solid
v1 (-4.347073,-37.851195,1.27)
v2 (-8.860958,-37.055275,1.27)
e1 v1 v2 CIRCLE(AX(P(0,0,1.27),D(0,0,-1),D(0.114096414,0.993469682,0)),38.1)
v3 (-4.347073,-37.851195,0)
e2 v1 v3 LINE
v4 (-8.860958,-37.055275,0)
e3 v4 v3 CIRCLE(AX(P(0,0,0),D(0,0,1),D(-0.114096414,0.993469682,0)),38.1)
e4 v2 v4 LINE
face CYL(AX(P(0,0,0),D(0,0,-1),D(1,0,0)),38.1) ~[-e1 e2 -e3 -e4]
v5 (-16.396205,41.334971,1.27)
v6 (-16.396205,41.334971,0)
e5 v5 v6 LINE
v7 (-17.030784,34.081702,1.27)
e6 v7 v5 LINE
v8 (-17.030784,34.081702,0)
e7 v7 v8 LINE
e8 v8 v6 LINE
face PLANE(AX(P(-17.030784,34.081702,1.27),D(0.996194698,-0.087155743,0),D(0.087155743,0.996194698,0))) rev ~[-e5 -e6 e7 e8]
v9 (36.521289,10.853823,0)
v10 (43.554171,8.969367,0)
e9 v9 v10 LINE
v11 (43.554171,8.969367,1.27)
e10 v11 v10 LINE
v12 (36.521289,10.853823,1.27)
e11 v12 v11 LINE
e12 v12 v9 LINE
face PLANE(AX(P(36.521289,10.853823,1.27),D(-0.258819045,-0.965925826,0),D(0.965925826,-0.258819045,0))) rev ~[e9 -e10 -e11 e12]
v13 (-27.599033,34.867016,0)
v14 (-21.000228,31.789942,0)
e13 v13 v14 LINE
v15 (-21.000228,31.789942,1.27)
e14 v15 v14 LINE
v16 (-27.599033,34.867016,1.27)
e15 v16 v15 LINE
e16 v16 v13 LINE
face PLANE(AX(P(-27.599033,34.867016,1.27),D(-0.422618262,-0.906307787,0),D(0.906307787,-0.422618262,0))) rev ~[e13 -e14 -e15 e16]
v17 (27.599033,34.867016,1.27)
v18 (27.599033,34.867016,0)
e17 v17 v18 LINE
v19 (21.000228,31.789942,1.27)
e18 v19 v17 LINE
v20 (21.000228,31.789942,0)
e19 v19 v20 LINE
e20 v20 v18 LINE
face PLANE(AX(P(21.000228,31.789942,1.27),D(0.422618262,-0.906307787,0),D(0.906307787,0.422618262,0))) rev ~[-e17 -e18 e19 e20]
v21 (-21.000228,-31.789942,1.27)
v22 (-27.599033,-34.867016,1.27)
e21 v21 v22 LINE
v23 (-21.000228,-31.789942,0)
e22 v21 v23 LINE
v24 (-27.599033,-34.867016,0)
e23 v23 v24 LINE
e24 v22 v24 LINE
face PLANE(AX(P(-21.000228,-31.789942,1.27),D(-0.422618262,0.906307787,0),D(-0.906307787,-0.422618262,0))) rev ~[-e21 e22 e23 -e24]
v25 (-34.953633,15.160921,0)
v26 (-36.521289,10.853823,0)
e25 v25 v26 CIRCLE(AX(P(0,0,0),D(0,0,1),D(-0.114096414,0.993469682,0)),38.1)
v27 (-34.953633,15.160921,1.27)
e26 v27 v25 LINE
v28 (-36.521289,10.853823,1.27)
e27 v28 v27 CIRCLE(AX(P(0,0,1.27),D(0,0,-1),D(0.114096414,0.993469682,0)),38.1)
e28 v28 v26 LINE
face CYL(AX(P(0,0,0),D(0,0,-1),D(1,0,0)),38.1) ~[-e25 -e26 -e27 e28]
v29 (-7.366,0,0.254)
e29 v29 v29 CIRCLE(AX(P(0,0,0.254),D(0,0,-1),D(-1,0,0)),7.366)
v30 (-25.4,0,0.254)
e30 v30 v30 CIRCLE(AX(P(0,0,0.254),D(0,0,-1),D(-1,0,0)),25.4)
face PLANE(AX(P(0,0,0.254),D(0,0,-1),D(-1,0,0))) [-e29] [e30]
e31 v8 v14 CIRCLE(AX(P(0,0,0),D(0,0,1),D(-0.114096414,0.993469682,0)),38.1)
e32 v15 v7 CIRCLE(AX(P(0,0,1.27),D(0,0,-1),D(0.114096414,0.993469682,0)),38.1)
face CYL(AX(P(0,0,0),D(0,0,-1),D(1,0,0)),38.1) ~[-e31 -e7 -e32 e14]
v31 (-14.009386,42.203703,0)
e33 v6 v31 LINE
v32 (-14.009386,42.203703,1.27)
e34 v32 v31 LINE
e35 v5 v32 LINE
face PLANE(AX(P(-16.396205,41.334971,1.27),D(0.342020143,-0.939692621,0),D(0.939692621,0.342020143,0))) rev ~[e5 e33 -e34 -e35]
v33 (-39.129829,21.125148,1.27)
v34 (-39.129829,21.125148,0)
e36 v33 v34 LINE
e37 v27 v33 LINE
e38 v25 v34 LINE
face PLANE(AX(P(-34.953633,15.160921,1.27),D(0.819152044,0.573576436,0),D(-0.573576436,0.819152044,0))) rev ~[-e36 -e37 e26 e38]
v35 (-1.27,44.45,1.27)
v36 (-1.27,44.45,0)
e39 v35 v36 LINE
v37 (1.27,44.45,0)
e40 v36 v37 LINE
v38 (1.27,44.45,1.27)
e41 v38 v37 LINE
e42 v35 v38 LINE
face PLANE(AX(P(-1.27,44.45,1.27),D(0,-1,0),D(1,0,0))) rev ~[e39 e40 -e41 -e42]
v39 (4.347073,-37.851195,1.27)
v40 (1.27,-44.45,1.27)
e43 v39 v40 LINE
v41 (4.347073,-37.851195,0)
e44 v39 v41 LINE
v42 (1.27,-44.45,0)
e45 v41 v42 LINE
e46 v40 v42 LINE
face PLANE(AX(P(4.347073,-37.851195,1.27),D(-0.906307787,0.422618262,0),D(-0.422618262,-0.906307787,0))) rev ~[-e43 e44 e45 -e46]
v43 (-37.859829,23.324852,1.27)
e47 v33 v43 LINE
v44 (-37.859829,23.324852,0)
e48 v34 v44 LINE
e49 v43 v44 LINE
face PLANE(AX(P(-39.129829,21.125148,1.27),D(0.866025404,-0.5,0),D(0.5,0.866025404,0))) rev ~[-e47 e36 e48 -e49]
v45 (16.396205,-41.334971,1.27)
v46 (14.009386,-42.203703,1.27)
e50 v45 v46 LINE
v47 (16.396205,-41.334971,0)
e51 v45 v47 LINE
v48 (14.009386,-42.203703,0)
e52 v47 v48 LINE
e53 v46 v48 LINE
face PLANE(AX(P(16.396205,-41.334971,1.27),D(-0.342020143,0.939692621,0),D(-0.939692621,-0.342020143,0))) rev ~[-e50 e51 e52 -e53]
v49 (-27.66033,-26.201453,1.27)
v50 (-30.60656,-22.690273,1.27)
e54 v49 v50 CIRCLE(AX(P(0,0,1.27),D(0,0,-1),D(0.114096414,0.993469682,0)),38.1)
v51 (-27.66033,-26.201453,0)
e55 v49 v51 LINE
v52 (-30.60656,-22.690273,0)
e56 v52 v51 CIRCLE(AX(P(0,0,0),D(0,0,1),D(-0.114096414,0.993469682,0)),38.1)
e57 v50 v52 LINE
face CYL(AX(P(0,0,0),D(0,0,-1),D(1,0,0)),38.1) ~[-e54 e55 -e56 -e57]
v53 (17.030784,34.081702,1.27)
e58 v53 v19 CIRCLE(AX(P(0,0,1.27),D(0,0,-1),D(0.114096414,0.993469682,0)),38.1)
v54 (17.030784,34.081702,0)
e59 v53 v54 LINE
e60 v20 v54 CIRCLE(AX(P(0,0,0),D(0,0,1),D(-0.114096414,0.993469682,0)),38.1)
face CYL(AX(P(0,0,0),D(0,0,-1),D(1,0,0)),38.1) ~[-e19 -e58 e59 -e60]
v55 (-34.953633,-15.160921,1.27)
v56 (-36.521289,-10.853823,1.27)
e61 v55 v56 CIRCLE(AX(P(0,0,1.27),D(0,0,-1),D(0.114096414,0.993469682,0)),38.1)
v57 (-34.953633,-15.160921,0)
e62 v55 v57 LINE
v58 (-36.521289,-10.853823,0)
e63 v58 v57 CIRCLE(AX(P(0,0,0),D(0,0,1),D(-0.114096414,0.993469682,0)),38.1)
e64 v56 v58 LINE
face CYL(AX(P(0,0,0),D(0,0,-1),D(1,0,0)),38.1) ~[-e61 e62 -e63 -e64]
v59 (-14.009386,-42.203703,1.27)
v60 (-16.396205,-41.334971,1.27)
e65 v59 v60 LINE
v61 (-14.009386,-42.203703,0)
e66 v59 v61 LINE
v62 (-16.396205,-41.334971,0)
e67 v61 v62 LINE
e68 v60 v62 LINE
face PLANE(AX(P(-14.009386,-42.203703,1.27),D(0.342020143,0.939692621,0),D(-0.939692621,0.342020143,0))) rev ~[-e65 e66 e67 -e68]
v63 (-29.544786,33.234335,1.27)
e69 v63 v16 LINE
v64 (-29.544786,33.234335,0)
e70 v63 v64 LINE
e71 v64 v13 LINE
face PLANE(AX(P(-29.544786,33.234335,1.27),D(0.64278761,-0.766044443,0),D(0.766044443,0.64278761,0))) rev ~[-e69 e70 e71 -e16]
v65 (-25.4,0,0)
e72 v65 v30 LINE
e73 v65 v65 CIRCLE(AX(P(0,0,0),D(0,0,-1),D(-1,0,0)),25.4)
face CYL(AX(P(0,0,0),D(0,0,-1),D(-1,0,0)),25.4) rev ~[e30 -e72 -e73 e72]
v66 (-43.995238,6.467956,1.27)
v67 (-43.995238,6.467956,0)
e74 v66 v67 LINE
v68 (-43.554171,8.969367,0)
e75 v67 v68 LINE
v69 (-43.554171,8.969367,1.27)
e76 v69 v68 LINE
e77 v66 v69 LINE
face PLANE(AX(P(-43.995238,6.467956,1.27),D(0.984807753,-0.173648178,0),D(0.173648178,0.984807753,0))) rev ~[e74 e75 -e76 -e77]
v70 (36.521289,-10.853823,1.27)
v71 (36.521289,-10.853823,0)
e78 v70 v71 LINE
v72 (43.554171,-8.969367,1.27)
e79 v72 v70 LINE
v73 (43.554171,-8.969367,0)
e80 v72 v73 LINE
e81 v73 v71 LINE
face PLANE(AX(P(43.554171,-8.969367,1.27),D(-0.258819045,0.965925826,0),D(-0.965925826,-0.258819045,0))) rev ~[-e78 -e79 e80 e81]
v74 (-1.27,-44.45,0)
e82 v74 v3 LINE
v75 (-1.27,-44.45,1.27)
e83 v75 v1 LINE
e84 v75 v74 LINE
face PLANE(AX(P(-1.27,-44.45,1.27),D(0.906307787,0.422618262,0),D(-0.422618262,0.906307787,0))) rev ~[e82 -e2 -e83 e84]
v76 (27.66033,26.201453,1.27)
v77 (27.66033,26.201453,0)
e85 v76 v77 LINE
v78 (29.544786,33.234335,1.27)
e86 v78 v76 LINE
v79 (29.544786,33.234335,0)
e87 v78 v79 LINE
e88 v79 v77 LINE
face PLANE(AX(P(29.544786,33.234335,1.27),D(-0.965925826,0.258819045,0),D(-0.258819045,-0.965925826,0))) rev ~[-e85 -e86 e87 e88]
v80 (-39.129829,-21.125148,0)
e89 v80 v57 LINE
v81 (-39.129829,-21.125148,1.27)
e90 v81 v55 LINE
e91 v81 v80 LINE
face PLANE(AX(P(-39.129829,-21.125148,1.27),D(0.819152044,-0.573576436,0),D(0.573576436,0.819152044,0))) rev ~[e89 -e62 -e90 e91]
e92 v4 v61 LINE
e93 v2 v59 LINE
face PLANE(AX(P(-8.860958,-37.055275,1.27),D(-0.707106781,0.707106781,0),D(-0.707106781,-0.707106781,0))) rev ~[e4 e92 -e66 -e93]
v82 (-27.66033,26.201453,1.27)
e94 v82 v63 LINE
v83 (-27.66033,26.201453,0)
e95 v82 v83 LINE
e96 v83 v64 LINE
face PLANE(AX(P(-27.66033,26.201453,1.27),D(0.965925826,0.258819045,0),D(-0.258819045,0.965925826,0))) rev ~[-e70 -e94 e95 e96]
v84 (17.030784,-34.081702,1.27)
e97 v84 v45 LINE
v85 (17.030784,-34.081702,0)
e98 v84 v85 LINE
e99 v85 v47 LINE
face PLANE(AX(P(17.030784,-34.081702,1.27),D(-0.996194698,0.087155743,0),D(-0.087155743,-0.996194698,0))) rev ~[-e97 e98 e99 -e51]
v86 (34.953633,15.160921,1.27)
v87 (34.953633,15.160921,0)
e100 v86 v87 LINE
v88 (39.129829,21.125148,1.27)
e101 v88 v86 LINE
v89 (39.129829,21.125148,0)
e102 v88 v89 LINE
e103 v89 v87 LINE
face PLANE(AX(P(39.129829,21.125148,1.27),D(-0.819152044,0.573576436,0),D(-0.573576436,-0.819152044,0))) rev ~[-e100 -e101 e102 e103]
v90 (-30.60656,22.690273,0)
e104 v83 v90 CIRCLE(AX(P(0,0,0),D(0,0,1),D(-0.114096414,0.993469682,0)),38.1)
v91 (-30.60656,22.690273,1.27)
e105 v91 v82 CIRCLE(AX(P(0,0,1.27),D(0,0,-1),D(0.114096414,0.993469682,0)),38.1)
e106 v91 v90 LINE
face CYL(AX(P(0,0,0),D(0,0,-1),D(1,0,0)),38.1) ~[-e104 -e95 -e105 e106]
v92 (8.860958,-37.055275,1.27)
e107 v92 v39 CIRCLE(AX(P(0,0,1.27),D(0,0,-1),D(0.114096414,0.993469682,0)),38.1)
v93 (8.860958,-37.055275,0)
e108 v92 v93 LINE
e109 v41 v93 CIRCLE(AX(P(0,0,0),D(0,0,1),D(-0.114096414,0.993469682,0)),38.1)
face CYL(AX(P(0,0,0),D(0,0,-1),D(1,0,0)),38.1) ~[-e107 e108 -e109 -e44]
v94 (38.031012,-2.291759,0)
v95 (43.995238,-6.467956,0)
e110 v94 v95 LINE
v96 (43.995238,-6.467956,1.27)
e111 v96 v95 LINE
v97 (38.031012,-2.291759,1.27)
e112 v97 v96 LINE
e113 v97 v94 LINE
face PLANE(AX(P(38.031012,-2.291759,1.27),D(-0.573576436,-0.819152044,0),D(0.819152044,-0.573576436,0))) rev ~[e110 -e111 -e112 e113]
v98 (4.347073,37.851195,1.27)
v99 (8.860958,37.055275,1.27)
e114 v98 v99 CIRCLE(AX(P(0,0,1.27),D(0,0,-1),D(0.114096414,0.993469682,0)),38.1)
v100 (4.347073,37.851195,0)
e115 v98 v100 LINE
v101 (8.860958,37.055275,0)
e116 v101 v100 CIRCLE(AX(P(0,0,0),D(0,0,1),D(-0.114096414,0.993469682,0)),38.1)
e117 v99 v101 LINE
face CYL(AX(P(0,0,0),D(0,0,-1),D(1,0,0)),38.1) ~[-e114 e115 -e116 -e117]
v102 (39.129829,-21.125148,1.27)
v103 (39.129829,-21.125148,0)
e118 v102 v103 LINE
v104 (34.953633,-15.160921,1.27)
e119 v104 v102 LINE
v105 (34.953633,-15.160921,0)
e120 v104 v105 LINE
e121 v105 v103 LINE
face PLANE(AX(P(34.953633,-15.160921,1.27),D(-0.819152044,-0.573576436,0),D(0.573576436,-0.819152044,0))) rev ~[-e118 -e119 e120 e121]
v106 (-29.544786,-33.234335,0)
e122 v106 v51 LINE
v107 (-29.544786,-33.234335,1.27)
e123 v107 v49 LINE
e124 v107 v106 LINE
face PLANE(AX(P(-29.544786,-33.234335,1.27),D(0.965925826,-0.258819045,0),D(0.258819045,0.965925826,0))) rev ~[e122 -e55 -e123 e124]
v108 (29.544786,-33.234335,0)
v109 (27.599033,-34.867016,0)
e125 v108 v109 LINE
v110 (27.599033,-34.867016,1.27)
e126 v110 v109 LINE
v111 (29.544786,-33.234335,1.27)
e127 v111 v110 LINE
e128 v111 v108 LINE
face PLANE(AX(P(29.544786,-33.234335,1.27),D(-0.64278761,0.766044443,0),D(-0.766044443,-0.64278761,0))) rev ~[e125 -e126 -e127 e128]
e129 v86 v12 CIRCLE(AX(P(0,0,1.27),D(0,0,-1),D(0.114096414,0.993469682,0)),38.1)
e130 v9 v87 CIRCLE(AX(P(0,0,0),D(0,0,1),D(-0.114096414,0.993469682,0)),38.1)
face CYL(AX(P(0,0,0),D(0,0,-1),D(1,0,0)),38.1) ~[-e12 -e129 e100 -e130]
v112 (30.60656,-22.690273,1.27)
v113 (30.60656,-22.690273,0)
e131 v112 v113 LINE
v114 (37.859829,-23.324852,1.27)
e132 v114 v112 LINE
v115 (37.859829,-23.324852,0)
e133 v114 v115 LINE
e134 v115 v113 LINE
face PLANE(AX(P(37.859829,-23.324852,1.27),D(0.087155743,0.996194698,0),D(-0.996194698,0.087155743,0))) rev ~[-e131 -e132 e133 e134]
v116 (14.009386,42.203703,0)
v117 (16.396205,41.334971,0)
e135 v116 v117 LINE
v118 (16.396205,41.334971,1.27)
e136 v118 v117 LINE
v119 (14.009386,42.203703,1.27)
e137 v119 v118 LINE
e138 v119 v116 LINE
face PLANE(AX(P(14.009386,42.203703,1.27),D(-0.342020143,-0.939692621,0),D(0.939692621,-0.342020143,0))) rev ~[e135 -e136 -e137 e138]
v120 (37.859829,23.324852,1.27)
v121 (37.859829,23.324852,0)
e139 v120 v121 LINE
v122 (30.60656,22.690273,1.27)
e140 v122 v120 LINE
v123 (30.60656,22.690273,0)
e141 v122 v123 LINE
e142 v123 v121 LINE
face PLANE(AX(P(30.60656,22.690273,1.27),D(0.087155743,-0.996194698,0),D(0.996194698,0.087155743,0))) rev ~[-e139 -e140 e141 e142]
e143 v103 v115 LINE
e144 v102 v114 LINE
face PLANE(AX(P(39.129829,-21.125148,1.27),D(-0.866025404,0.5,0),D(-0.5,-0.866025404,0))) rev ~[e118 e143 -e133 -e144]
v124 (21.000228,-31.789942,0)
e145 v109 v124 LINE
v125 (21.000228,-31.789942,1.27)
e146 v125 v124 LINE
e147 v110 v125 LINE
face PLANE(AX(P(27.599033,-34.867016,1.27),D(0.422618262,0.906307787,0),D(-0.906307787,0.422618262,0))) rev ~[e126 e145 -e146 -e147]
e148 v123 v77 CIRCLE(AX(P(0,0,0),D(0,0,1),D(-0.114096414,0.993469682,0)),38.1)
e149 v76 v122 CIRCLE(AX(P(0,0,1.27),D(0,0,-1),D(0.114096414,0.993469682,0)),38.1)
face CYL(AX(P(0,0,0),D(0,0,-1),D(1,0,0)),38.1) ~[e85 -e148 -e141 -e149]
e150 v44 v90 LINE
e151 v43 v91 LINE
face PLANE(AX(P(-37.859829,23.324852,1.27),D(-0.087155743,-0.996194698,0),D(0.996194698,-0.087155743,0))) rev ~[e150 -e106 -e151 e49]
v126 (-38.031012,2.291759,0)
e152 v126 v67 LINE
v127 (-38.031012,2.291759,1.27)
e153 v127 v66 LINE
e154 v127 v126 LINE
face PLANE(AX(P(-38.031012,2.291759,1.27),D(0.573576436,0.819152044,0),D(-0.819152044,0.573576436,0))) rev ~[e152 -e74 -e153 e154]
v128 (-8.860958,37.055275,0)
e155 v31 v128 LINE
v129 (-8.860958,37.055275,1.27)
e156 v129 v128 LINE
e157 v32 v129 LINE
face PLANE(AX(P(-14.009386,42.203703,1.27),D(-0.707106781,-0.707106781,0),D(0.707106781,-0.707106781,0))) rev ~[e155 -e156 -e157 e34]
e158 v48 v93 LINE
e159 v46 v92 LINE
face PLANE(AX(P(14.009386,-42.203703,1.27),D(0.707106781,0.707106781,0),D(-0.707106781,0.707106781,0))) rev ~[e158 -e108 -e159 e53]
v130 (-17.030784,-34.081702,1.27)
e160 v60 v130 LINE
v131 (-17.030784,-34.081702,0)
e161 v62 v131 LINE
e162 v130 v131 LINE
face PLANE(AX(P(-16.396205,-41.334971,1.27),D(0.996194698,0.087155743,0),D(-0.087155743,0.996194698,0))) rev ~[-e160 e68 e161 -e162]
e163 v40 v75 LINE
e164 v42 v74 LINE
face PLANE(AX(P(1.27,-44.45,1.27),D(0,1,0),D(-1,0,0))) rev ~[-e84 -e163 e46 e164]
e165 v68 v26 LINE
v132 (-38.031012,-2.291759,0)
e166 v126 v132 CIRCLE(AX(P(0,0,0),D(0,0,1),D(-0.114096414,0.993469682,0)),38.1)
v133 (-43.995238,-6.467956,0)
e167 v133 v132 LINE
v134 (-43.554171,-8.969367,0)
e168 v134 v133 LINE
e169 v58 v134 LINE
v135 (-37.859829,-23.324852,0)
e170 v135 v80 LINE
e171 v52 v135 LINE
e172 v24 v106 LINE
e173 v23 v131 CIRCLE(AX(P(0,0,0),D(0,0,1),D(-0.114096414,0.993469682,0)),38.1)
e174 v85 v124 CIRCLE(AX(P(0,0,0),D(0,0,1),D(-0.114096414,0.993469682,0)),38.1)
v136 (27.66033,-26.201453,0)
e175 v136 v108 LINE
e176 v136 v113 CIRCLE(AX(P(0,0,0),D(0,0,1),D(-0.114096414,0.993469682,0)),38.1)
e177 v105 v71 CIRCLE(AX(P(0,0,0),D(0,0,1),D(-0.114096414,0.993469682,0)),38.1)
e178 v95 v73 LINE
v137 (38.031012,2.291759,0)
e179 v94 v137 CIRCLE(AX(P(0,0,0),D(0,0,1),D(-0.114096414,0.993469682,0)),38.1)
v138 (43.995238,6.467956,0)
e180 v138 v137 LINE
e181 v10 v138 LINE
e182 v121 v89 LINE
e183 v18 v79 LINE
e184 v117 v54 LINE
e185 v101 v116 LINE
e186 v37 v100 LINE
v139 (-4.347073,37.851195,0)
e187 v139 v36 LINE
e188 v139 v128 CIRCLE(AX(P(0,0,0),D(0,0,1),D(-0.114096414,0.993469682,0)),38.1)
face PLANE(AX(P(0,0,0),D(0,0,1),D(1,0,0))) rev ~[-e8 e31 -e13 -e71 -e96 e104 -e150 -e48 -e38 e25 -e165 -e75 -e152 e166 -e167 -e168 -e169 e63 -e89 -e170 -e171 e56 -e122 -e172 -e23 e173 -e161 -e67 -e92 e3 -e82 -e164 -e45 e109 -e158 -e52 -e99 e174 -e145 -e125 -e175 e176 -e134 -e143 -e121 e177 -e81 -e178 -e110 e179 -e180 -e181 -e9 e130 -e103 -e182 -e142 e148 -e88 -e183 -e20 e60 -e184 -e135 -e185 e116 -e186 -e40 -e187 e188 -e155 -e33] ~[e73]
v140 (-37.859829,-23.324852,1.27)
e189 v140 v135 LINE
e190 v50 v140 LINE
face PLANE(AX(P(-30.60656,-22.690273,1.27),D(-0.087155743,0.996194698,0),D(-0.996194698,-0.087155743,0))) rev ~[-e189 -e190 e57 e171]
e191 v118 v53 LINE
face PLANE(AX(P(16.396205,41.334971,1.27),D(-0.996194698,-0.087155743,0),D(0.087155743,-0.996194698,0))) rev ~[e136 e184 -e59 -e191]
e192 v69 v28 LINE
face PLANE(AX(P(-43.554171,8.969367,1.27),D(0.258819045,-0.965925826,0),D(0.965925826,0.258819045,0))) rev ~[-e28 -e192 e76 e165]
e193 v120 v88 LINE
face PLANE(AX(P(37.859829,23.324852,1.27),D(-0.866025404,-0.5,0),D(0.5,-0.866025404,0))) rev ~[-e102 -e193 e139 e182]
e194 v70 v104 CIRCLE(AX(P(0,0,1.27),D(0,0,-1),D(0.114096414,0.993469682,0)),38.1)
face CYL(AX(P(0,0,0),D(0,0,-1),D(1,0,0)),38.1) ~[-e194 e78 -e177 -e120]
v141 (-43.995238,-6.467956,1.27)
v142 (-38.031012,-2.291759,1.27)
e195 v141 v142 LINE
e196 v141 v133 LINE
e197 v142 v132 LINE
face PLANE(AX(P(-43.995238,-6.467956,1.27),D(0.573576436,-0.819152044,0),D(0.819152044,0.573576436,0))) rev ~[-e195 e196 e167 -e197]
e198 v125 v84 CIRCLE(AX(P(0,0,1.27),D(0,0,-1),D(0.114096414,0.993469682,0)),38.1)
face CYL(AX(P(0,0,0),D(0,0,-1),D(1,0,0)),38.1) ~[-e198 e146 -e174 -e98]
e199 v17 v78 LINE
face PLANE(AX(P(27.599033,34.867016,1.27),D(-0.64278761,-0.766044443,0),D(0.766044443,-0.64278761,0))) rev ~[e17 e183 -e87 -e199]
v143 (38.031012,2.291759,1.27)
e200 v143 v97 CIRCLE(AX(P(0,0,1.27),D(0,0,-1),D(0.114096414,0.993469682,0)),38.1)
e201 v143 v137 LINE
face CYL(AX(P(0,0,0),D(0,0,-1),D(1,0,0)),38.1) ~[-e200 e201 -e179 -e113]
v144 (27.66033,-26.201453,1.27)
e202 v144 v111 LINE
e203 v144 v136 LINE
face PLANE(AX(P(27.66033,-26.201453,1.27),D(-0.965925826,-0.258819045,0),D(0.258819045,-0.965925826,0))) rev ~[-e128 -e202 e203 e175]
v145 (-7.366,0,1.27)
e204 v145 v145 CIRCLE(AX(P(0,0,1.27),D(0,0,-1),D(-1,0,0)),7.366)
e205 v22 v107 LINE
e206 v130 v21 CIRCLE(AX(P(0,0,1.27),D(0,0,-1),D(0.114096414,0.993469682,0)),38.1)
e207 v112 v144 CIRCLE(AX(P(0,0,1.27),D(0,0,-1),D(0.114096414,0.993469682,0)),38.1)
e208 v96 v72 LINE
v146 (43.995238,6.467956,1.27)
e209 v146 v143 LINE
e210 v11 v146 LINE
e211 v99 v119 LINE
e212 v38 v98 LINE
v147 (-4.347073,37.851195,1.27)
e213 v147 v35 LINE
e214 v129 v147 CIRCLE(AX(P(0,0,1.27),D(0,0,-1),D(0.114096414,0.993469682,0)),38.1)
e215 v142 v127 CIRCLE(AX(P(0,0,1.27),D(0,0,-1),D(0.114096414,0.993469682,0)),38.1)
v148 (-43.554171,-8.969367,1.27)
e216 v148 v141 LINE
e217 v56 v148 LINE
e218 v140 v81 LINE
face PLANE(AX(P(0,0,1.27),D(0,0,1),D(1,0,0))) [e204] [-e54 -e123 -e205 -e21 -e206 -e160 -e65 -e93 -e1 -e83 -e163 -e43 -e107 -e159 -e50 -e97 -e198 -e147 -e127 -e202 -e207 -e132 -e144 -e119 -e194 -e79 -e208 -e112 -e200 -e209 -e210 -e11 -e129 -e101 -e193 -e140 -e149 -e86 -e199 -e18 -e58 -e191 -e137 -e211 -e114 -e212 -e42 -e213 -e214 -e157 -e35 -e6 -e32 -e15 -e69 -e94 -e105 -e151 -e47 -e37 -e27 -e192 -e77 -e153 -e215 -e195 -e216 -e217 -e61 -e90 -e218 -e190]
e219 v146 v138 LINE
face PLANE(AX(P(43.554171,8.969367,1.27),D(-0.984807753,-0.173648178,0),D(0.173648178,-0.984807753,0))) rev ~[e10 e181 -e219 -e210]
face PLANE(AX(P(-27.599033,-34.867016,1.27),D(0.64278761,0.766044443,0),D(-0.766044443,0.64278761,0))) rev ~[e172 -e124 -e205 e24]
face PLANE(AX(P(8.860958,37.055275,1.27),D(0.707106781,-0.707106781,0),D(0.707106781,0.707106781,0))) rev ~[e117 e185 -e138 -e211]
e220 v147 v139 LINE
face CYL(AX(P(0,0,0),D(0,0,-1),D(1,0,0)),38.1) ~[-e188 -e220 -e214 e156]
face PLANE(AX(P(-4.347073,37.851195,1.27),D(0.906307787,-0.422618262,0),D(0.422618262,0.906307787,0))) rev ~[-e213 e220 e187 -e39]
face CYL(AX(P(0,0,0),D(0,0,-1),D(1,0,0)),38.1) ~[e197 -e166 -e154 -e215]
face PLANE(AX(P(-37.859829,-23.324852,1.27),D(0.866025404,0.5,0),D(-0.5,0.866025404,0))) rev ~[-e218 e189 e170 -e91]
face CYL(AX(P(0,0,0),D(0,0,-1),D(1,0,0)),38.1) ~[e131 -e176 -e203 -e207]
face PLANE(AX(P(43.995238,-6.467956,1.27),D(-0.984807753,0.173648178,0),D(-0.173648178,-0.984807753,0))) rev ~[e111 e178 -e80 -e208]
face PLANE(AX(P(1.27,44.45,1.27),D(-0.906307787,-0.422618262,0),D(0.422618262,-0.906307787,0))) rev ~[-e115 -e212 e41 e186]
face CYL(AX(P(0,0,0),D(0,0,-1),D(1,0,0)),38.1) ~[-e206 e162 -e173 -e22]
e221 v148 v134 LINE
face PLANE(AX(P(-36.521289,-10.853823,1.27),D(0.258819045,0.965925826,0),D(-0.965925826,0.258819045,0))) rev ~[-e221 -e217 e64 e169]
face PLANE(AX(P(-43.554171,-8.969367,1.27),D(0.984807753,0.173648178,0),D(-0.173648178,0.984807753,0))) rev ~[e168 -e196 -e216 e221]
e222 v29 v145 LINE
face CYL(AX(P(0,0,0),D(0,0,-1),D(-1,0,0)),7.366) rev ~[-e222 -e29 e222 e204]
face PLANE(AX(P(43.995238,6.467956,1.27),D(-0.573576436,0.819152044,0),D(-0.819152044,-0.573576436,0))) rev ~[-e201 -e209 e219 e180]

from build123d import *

# Parameters (mm, degrees)
SKETCH1_R           = 38.1
BOSS_EXTRUDE1_DEPTH = 1.27
BOSS_EXTRUDE2_DEPTH = 1.27
SKETCH3_R           = 7.366
CUT_EXTRUDE1_DEPTH  = 10
CIRPATTERN1_COUNT   = 18
SKETCH4_R           = 25.4
CUT_EXTRUDE2_DEPTH  = 0.254


with BuildPart() as part:
    # Sketch1 → Boss-Extrude1 (new body)
    with BuildSketch(Plane.XY):
        Circle(SKETCH1_R)
    extrude(amount=BOSS_EXTRUDE1_DEPTH)

    # Sketch2 → Boss-Extrude2 (add)
    with BuildSketch(Plane.XY.offset(1.27)):
        with BuildLine():
            Line((-1.27, 44.45), (1.27, 44.45))
            Line((1.27, 44.45), (4.347073366, 37.851194871))
            ThreePointArc((4.347073366, 37.851194871), (0, 38.1), (-4.347073366, 37.851194871))
            Line((-4.347073366, 37.851194871), (-1.27, 44.45))
        make_face()
    boss_extrude2 = extrude(amount=-BOSS_EXTRUDE2_DEPTH)

    # Sketch3 → Cut-Extrude1 (cut)
    with BuildSketch(Plane(origin=(0, 0, 0), x_dir=(-1, 0, 0), z_dir=(0, 0, -1))):
        Circle(SKETCH3_R)
    extrude(amount=-CUT_EXTRUDE1_DEPTH, mode=Mode.SUBTRACT)

    # CirPattern1: Boss-Extrude2 ×18 about axis
    cirpattern1_axis = Axis((0, 0, 0), (0, 0, 1))
    for i in range(1, CIRPATTERN1_COUNT):
        add(boss_extrude2.rotate(cirpattern1_axis, i * 360 / CIRPATTERN1_COUNT))

    # Sketch4 → Cut-Extrude2 (cut)
    with BuildSketch(Plane(origin=(0, 0, 0), x_dir=(-1, 0, 0), z_dir=(0, 0, -1))):
        Circle(SKETCH4_R)
    extrude(amount=-CUT_EXTRUDE2_DEPTH, mode=Mode.SUBTRACT)


solid = part.part
